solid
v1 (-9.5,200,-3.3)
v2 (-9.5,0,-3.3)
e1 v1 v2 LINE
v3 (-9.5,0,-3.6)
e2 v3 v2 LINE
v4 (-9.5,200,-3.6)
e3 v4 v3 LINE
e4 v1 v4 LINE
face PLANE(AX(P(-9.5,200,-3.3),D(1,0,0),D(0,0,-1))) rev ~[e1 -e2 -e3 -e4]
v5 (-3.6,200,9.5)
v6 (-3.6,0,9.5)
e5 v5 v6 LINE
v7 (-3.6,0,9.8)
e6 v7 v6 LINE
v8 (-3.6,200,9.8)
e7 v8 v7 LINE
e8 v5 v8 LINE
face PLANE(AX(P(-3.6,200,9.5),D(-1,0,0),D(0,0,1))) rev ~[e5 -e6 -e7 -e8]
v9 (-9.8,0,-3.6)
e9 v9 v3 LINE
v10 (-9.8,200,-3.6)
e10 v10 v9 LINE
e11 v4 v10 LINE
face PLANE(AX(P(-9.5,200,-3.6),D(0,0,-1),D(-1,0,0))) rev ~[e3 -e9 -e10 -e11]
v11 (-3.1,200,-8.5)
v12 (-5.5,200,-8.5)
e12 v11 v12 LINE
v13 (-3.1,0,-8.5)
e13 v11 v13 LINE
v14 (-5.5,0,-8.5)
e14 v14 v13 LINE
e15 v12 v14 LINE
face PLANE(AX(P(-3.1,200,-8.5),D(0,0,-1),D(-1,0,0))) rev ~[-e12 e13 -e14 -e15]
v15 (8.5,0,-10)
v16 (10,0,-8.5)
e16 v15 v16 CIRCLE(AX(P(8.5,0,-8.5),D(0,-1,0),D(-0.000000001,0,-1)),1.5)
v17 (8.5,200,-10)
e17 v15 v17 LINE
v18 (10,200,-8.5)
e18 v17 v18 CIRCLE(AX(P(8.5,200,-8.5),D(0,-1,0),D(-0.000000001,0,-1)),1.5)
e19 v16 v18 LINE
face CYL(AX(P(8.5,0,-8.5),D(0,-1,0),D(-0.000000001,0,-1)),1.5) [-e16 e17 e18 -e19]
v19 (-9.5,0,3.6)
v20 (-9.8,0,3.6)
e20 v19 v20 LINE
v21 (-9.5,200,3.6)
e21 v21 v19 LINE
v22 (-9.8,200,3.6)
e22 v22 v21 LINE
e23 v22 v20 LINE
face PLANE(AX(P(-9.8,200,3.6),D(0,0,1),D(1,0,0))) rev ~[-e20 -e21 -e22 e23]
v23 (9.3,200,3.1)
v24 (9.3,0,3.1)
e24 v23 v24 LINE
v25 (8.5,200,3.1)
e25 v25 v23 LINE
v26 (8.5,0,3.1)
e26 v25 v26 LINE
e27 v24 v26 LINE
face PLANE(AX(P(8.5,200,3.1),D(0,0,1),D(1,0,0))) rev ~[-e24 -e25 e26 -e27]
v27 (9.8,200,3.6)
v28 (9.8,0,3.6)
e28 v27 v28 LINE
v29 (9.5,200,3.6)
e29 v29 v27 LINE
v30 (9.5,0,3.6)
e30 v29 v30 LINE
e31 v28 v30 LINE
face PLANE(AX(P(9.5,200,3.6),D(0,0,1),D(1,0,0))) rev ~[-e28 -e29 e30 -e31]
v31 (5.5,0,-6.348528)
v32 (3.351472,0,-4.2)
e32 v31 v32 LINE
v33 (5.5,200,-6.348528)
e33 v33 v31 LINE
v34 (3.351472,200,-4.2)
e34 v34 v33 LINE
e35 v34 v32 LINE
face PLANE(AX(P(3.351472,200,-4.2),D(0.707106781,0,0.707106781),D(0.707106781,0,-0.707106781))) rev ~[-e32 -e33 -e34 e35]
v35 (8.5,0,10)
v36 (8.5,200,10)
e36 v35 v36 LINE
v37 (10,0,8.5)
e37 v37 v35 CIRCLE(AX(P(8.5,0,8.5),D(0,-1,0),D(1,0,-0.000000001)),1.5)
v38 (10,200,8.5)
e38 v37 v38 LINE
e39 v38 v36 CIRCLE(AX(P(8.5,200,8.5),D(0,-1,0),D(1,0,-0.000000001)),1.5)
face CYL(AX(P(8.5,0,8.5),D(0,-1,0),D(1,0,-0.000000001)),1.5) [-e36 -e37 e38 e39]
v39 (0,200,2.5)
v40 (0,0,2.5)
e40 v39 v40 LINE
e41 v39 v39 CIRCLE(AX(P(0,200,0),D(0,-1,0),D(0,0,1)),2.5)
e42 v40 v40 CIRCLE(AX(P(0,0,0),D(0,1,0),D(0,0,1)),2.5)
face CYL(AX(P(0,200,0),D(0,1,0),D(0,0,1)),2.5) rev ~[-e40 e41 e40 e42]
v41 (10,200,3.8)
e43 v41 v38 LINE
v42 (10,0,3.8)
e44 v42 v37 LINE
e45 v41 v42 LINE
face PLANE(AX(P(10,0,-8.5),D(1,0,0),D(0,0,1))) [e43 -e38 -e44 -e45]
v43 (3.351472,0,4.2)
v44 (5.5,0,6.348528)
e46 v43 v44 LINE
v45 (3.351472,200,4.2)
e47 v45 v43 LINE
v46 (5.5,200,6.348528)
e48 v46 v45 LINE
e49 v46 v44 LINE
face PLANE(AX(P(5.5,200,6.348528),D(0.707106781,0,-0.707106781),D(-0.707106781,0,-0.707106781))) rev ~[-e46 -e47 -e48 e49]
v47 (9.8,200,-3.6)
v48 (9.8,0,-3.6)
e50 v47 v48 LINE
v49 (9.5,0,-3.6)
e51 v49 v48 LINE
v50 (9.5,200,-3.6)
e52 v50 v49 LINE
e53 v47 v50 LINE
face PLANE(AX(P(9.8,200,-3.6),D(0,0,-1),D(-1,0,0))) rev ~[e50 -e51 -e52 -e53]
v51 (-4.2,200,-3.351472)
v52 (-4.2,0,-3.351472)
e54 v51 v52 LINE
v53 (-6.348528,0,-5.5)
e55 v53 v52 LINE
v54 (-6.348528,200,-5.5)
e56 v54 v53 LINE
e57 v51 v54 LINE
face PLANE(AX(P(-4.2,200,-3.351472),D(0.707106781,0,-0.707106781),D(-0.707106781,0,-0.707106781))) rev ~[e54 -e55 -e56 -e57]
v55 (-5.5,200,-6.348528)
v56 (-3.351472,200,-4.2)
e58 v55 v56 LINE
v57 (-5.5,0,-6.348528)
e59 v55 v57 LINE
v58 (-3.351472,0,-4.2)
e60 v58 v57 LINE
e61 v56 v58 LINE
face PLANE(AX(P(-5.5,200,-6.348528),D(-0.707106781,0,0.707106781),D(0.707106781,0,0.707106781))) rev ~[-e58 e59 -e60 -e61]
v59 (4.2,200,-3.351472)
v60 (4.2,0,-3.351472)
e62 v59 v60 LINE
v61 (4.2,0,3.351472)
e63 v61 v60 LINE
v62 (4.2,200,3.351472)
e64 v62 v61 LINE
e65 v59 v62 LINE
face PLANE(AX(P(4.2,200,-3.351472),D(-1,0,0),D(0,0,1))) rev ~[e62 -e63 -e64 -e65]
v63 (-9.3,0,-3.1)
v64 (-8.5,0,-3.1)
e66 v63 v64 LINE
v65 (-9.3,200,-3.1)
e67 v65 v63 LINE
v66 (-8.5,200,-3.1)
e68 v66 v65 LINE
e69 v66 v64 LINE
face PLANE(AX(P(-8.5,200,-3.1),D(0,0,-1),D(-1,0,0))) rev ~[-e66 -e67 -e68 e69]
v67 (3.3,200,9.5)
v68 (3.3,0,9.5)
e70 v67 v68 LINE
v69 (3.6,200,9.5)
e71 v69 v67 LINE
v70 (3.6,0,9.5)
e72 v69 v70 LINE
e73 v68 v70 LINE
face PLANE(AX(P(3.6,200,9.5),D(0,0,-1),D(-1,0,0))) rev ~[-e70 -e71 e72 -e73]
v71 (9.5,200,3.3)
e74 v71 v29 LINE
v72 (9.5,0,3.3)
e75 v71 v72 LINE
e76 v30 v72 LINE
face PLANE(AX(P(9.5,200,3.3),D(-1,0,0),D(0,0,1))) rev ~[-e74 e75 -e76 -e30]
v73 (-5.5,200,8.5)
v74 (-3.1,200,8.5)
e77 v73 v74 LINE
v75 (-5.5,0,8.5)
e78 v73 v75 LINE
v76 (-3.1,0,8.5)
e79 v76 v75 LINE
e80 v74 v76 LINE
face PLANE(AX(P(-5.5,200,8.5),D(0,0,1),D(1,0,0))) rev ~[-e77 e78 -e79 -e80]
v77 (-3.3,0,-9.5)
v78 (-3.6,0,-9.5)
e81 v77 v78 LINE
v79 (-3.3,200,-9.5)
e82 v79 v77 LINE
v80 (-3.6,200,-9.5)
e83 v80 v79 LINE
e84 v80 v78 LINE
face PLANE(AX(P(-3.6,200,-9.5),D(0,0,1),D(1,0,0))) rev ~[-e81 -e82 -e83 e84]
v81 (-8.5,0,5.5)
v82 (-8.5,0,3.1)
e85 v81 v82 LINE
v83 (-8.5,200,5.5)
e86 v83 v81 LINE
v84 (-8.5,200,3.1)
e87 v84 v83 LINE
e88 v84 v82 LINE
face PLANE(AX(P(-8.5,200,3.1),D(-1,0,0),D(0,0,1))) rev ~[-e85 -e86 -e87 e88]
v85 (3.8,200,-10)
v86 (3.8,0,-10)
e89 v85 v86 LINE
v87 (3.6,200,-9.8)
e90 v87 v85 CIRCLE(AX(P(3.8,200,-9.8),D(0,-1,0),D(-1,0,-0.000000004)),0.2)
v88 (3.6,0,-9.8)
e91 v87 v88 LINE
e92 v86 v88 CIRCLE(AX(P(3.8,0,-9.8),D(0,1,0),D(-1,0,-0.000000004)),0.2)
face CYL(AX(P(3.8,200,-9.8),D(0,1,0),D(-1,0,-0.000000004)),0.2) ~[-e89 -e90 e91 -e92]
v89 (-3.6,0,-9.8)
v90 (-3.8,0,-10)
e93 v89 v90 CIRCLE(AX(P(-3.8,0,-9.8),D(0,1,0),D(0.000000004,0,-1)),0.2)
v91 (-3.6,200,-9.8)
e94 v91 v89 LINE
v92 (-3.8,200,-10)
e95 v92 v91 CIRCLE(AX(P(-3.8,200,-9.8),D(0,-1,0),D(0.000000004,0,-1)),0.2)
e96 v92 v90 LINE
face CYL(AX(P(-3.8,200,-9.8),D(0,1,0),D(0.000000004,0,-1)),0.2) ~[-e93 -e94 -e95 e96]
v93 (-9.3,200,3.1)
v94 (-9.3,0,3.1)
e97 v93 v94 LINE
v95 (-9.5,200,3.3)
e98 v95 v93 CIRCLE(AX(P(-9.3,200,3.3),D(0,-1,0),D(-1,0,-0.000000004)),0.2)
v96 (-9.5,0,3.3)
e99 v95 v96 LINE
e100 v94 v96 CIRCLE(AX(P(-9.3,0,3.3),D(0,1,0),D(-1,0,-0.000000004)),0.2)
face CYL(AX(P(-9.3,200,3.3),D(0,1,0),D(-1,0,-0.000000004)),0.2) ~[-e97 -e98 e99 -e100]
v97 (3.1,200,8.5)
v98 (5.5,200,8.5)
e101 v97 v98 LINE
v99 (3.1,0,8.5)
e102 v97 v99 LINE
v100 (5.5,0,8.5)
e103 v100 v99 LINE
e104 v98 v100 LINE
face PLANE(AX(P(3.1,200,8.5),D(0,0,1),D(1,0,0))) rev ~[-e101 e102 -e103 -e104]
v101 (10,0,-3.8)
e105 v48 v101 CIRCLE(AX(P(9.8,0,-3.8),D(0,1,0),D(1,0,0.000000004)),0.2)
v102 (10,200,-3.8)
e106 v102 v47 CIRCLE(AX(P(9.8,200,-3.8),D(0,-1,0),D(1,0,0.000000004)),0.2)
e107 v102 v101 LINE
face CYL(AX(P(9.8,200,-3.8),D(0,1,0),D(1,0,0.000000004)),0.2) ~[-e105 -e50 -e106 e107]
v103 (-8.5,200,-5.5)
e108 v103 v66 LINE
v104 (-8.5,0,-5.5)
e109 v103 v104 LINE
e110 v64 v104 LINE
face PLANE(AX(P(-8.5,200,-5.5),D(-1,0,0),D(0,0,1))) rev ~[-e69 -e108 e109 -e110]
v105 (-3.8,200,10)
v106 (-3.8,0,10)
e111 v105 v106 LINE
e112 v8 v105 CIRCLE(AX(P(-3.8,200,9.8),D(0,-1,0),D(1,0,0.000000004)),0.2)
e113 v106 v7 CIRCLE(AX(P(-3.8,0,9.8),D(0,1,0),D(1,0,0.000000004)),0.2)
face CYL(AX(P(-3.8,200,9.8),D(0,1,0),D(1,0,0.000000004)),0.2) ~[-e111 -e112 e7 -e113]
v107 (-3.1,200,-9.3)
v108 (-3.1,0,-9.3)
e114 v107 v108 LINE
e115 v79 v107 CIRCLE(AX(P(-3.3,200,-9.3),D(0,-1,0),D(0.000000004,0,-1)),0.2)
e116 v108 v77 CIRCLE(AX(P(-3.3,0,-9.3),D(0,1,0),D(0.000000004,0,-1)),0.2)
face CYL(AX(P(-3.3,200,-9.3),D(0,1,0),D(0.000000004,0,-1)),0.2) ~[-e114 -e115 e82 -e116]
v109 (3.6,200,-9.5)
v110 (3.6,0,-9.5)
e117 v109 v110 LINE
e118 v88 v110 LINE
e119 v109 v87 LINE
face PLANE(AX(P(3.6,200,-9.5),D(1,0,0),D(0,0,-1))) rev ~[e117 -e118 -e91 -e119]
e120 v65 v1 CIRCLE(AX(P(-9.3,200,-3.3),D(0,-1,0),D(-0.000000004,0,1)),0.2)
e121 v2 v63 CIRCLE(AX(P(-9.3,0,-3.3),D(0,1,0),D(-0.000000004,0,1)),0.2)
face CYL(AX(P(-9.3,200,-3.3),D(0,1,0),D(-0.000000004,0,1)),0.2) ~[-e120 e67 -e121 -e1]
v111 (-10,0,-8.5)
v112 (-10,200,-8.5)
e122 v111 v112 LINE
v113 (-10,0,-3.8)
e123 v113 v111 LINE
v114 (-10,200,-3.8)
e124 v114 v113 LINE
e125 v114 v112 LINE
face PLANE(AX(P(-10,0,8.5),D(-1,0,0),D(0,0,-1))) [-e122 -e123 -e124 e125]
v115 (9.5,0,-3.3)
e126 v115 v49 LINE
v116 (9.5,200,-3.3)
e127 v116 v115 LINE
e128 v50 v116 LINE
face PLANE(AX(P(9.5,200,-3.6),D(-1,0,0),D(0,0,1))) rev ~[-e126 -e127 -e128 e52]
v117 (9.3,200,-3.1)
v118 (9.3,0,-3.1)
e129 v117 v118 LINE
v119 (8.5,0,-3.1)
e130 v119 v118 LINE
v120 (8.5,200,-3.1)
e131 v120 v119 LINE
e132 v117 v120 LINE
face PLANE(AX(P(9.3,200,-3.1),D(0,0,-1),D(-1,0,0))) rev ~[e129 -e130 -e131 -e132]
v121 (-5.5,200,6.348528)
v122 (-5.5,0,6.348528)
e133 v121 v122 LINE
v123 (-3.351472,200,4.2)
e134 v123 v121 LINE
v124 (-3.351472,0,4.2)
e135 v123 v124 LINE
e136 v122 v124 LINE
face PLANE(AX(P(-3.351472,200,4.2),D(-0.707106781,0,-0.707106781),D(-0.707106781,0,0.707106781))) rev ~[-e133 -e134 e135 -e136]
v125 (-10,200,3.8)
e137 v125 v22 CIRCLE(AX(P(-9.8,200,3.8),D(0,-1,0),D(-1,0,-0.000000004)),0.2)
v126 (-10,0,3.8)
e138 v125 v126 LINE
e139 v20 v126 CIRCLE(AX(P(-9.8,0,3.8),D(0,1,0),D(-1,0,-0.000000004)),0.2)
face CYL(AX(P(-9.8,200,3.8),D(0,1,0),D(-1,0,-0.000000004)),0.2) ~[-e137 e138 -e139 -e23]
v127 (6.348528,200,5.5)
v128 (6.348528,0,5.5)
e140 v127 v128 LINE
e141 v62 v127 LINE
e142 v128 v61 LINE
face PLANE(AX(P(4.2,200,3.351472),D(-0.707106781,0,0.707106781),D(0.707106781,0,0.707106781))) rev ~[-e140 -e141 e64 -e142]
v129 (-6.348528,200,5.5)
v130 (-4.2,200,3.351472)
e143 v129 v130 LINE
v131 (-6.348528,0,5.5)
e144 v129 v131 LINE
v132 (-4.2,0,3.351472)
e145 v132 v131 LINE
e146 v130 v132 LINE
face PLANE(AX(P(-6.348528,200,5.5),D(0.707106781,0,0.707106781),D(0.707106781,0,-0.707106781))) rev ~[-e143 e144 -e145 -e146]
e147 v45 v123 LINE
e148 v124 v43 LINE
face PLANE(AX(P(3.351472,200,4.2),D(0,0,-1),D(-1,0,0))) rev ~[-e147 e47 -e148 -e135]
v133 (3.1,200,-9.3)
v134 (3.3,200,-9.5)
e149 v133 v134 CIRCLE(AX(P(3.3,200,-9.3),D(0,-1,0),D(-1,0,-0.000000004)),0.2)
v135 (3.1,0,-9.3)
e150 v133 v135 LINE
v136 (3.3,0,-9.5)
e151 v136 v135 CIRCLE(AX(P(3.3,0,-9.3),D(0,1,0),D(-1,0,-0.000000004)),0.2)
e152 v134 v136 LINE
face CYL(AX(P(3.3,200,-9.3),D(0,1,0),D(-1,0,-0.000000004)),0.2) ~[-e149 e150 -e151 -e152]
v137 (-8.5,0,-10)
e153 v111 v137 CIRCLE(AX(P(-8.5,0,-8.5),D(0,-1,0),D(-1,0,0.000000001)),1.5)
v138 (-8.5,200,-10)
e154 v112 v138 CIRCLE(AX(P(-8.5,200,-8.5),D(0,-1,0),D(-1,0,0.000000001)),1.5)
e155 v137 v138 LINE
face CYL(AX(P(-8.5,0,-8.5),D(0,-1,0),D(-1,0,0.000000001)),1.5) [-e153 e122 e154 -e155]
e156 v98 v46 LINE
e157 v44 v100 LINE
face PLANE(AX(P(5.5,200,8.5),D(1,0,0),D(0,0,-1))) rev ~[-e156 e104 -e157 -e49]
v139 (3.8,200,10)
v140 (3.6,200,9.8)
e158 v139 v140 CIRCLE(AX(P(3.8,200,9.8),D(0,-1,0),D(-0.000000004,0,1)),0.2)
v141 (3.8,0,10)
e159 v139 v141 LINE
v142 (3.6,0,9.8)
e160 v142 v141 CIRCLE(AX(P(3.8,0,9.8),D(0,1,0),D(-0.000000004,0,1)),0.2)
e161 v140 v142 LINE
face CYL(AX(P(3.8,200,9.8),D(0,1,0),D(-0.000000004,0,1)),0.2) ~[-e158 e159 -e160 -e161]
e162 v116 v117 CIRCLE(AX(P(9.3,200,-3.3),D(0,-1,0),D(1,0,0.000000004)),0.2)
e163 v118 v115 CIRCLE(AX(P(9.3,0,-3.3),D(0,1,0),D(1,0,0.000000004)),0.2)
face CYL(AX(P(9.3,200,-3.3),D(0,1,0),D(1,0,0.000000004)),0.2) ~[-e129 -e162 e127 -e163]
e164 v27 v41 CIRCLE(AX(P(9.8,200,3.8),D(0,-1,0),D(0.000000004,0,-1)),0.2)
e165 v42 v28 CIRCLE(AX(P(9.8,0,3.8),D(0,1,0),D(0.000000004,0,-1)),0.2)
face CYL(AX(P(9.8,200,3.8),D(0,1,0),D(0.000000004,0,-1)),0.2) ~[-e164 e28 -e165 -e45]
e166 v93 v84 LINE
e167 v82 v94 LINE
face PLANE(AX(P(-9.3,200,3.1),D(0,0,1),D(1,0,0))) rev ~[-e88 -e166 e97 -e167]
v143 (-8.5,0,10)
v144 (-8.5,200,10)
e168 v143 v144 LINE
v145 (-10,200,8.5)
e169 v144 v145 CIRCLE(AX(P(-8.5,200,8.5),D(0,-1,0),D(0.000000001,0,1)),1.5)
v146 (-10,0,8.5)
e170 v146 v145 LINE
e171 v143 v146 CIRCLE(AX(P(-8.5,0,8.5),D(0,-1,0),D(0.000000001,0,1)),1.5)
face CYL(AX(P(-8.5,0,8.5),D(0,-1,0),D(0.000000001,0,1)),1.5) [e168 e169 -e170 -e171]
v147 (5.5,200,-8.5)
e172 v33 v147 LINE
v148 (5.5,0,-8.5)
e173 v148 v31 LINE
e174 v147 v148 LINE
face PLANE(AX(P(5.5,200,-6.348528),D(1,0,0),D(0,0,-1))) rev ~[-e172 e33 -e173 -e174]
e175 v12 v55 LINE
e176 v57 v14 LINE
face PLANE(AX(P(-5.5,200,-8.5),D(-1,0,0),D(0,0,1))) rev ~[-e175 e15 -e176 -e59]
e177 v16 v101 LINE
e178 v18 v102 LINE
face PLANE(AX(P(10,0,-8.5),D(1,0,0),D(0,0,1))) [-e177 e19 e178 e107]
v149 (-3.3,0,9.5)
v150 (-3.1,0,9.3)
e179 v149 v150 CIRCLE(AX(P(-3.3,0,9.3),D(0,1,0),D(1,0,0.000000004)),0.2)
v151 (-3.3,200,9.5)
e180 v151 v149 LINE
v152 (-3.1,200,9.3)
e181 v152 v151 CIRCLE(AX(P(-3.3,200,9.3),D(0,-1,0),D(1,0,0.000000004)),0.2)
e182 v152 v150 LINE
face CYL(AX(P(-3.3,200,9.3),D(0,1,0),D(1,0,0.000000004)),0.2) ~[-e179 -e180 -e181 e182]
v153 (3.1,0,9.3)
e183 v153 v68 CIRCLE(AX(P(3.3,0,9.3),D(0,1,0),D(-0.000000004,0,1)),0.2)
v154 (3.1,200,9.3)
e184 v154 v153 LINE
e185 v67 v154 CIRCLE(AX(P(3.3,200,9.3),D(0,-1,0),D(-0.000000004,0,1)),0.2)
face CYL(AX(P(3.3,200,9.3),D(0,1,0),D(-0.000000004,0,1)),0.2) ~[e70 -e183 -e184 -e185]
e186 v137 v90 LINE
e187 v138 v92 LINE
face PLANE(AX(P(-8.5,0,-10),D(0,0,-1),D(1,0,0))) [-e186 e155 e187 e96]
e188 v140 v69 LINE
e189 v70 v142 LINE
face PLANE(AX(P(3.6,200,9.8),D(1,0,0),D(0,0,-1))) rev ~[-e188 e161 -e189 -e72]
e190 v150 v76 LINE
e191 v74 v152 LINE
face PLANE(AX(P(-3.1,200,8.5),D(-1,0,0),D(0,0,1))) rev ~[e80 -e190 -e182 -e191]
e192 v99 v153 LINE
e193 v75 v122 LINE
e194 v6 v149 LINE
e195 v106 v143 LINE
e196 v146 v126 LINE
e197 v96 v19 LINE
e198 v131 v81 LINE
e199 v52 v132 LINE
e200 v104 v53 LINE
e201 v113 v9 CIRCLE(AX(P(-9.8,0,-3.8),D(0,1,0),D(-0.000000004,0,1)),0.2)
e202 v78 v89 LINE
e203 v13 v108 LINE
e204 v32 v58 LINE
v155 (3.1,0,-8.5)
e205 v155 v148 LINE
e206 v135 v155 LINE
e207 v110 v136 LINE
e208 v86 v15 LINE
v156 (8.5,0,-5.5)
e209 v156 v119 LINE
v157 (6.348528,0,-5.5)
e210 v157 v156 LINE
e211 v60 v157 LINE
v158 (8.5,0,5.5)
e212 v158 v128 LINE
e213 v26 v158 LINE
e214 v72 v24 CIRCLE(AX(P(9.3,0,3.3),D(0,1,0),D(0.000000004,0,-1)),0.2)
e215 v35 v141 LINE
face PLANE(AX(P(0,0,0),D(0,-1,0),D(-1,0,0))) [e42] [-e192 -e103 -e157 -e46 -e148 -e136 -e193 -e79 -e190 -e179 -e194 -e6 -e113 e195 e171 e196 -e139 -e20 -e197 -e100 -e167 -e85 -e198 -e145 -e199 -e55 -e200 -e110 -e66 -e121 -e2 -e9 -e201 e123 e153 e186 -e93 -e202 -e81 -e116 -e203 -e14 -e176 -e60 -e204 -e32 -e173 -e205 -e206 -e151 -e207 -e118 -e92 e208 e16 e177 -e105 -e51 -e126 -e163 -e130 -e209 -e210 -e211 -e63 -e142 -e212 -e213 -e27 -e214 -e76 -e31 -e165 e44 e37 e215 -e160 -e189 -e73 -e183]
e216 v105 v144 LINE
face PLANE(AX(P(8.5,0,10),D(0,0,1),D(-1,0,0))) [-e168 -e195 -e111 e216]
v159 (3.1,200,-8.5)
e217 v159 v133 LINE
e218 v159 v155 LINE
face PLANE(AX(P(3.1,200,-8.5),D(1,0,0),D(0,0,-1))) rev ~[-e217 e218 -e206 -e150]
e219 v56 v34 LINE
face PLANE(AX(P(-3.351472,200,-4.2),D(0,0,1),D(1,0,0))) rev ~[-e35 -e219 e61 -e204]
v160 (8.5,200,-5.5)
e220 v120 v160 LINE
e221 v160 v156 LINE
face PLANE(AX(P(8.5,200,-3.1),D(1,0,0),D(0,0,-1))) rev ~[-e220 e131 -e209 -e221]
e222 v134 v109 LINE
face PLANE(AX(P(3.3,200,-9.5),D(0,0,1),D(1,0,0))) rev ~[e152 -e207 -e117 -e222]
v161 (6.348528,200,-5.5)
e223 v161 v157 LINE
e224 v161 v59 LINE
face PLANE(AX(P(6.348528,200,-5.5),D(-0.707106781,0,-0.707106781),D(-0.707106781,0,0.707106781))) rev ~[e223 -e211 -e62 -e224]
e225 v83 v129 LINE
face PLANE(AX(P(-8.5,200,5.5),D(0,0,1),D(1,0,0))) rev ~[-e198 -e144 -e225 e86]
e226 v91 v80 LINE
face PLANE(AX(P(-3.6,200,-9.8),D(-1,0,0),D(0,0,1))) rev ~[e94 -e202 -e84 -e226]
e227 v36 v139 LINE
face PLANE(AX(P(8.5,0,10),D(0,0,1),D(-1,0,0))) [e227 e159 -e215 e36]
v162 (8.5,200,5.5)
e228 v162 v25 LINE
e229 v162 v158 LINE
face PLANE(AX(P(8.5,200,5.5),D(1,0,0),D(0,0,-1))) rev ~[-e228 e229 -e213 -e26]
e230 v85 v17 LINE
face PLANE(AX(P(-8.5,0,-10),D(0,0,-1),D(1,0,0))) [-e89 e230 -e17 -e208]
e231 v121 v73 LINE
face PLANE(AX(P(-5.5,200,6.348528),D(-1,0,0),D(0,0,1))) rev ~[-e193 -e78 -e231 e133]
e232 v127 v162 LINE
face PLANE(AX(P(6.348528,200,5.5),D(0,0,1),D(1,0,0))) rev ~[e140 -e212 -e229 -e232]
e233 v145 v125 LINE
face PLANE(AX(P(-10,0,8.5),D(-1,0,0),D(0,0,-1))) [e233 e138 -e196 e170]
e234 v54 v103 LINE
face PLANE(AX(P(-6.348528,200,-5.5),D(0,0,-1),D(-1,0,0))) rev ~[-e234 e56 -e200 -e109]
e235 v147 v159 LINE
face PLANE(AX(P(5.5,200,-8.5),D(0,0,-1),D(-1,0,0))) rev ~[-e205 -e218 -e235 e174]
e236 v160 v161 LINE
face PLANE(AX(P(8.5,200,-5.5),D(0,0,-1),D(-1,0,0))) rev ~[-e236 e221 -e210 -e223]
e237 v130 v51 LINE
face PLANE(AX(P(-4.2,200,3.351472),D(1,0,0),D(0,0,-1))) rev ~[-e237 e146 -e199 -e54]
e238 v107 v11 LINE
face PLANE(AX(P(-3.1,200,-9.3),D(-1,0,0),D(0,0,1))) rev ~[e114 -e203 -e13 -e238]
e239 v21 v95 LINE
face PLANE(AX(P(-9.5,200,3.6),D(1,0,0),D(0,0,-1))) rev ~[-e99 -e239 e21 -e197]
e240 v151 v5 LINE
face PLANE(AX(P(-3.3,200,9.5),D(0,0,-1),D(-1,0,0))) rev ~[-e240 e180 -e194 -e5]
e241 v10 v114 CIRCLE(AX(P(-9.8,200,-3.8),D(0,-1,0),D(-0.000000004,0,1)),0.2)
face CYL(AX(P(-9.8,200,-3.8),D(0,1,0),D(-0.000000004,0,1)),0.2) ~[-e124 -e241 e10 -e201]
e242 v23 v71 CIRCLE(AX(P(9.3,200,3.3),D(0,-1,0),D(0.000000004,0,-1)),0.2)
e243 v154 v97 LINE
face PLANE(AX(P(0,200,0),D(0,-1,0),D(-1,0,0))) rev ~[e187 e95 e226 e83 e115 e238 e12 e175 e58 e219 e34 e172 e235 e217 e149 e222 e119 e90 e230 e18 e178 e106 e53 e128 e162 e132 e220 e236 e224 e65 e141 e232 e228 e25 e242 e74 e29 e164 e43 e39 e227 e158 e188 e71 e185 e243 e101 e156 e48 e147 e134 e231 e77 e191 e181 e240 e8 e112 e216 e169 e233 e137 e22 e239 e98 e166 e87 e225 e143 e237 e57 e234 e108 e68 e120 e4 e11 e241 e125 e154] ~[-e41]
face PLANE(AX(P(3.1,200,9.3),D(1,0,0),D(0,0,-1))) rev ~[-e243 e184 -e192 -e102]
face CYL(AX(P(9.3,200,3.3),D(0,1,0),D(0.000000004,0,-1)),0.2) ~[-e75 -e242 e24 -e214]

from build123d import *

# Parameters (mm, degrees)
BOSS_EXTRUDE1_DEPTH = 200
SKETCH3_R           = 2.5
CUT_EXTRUDE1_DEPTH  = 201.499376558
CIRPATTERN1_COUNT   = 4


with BuildPart() as part:
    # Sketch2 → Boss-Extrude1 (new body)
    with BuildSketch(Plane(origin=(0, 0, 0), x_dir=(1, 0, 0), z_dir=(0, 1, 0))):
        with BuildLine():
            Line((-10, -8.5), (-10, 8.5))
            ThreePointArc((-10, 8.5), (-9.560660172, 9.560660172), (-8.5, 10))
            Line((-8.5, 10), (8.5, 10))
            ThreePointArc((8.5, 10), (9.560660172, 9.560660172), (10, 8.5))
            Line((10, 8.5), (10, -8.5))
            ThreePointArc((10, -8.5), (9.560660172, -9.560660172), (8.5, -10))
            Line((8.5, -10), (-8.5, -10))
            ThreePointArc((-8.5, -10), (-9.560660172, -9.560660172), (-10, -8.5))
        make_face()
    extrude(amount=BOSS_EXTRUDE1_DEPTH)

    # Sketch3 → Cut-Extrude1 (cut, through all)
    with BuildSketch(Plane(origin=(0, 200, 0), x_dir=(1, 0, 0), z_dir=(0, 1, 0))):
        with BuildLine():
            Line((-6.348528137, -5.5), (-4.2, -3.351471863))
            Line((-4.2, -3.351471863), (-4.2, 3.351471863))
            Line((-4.2, 3.351471863), (-6.348528137, 5.5))
            Line((-6.348528137, 5.5), (-8.5, 5.5))
            Line((-8.5, 5.5), (-8.5, 3.1))
            Line((-8.5, 3.1), (-9.3, 3.1))
            ThreePointArc((-9.3, 3.1), (-9.441421356, 3.158578644), (-9.5, 3.3))
            Line((-9.5, 3.3), (-9.5, 3.6))
            Line((-9.5, 3.6), (-9.8, 3.6))
            ThreePointArc((-9.8, 3.6), (-9.941421356, 3.658578644), (-10, 3.8))
            Line((-10, 3.8), (-10, -3.8))
            ThreePointArc((-10, -3.8), (-9.941421356, -3.658578644), (-9.8, -3.6))
            Line((-9.8, -3.6), (-9.5, -3.6))
            Line((-9.5, -3.6), (-9.5, -3.3))
            ThreePointArc((-9.5, -3.3), (-9.441421356, -3.158578644), (-9.3, -3.1))
            Line((-9.3, -3.1), (-8.5, -3.1))
            Line((-8.5, -3.1), (-8.5, -5.5))
            Line((-8.5, -5.5), (-6.348528137, -5.5))
        make_face()
        Circle(SKETCH3_R)
    cut_extrude1 = extrude(amount=-CUT_EXTRUDE1_DEPTH, mode=Mode.SUBTRACT)

    # CirPattern1: Cut-Extrude1 ×4 about axis
    cirpattern1_axis = Axis((0, -20, 0), (0, 1, 0))
    for i in range(1, CIRPATTERN1_COUNT):
        add(cut_extrude1.rotate(cirpattern1_axis, i * 360 / CIRPATTERN1_COUNT), mode=Mode.SUBTRACT)


solid = part.part
